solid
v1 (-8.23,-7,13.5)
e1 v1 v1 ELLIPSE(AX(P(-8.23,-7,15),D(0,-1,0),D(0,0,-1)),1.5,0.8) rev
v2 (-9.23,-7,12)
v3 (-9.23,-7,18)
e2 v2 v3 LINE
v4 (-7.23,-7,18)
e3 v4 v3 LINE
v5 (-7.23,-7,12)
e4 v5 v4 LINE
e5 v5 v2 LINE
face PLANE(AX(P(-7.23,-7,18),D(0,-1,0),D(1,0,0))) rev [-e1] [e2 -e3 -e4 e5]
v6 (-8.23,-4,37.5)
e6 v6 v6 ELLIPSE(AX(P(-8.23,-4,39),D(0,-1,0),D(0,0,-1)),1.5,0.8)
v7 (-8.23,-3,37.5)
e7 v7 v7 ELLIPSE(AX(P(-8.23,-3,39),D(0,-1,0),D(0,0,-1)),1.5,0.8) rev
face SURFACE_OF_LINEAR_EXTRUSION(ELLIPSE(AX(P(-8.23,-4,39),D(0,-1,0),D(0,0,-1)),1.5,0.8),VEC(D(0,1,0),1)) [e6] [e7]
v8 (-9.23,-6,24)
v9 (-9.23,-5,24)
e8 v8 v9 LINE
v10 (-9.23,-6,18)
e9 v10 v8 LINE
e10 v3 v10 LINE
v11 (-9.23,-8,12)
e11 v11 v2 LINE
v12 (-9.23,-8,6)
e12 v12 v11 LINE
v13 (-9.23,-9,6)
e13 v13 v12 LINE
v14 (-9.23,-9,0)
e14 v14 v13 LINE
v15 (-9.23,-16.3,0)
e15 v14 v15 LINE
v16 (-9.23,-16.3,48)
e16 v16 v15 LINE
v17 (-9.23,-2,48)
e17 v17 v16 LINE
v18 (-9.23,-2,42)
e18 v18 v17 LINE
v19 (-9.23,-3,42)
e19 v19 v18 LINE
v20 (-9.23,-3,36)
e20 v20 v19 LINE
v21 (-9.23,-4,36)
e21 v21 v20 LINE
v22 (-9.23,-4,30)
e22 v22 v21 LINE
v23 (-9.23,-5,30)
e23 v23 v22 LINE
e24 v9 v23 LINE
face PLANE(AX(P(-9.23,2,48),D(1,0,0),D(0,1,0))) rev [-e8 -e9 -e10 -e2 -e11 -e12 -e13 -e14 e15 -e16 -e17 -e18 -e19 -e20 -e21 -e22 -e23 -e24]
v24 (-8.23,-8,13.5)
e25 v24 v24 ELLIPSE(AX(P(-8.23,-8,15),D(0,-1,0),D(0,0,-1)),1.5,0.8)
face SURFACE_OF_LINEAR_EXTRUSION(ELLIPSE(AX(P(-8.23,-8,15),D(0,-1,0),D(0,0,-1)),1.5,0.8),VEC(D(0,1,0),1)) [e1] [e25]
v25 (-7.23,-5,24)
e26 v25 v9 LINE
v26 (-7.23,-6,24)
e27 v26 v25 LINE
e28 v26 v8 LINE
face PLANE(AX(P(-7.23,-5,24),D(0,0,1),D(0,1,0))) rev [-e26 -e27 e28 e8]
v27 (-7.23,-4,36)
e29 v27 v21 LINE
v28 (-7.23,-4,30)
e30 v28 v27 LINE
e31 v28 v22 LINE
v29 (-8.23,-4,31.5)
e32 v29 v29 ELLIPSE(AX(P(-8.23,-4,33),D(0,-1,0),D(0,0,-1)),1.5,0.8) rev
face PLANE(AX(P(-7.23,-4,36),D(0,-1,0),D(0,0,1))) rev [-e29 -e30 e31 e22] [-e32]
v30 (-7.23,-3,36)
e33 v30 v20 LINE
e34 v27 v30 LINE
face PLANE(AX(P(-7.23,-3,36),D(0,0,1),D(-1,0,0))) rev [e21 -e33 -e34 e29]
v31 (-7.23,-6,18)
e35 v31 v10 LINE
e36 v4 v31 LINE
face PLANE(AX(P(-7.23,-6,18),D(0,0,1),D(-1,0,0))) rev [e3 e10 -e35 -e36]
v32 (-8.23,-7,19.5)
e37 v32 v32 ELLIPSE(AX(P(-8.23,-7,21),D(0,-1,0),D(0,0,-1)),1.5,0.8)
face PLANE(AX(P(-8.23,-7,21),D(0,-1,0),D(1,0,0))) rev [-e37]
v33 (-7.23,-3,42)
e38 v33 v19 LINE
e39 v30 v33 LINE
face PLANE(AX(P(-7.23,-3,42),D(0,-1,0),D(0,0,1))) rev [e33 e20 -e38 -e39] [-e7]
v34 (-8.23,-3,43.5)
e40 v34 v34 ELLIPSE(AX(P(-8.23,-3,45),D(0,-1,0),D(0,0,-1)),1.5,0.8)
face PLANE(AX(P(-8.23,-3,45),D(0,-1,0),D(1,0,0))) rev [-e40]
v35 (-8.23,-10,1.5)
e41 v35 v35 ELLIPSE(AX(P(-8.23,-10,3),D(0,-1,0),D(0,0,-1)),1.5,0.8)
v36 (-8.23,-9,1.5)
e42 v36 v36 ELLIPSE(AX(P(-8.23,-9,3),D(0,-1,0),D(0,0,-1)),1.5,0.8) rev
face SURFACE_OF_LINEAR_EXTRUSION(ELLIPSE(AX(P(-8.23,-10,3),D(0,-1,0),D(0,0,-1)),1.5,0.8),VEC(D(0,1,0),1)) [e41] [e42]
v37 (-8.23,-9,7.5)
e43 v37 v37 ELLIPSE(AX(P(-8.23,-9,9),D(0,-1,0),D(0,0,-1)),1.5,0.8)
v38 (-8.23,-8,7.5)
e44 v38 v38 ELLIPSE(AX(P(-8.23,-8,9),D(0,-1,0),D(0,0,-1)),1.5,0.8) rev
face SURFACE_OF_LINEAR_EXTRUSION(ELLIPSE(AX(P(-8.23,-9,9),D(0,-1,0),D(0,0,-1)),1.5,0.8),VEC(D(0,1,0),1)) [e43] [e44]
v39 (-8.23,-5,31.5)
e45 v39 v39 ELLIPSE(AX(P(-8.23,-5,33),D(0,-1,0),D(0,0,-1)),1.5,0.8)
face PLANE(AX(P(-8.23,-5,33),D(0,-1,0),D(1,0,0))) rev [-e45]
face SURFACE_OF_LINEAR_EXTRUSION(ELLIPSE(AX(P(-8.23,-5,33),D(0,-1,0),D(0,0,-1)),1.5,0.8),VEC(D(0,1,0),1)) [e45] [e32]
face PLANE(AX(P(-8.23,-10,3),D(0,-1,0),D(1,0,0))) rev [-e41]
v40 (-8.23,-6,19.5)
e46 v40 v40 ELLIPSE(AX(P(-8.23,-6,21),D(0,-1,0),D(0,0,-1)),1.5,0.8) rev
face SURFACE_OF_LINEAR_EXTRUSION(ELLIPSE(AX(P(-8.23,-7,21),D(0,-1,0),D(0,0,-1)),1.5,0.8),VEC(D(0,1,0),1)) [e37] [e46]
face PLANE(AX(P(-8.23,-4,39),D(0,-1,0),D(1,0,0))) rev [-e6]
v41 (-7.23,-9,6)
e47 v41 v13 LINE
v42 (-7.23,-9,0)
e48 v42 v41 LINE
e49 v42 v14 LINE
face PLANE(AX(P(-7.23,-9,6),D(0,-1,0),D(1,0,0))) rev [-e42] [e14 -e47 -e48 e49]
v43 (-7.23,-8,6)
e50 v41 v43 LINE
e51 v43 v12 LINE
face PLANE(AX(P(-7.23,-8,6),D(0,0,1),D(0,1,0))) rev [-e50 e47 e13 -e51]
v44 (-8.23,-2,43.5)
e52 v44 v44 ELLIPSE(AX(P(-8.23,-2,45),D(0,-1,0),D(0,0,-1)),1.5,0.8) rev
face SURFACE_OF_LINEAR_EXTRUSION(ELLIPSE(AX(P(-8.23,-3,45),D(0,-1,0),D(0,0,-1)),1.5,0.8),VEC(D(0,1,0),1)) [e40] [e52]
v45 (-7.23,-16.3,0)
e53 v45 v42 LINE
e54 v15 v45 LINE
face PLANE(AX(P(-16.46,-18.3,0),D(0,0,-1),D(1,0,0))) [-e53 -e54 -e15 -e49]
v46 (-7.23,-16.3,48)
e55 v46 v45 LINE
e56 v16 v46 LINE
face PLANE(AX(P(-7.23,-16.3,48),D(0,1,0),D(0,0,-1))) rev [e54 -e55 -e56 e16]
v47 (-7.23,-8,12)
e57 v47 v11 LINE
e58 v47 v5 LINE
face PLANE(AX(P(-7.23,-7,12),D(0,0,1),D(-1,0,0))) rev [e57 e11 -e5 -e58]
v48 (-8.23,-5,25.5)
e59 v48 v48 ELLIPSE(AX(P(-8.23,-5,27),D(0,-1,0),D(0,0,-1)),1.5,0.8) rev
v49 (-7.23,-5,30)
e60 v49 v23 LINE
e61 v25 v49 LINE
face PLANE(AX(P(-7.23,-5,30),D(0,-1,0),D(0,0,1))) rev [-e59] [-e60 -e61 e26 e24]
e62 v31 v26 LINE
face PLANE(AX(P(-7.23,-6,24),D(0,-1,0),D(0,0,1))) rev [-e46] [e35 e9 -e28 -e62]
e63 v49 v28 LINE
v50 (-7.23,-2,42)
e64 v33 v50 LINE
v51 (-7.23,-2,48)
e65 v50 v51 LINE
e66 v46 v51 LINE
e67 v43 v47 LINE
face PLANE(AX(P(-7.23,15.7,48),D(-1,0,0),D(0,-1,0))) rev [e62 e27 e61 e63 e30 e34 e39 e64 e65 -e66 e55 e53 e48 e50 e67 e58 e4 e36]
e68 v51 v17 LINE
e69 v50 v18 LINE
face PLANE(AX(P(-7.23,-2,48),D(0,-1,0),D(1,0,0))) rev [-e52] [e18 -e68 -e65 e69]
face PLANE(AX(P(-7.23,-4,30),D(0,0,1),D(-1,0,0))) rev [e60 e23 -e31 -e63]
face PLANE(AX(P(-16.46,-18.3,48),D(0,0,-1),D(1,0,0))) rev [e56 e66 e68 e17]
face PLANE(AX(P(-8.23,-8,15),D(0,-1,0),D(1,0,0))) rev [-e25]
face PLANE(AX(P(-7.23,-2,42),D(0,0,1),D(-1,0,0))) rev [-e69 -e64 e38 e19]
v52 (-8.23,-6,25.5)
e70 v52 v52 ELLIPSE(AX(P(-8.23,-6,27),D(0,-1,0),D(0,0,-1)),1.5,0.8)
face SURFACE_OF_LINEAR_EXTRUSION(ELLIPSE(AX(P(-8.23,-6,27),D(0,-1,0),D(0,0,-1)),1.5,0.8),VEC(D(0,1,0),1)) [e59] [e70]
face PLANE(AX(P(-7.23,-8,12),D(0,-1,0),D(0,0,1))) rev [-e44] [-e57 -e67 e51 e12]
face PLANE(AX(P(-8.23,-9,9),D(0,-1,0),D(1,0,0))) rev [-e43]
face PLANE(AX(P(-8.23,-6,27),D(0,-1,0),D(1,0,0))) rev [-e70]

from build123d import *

# Parameters (mm, degrees)
BOSS_EXTRUDE1_DEPTH      = 48
CUT_EXTRUDE4_DEPTH       = 2
CUT_EXTRUDE6_DEPTH       = 9
CUT_EXTRUDE6_DEPTH_BACK  = 1
SKETCH8_RX               = 1.5
SKETCH8_RY               = 0.8
CUT_EXTRUDE7_DEPTH       = 11
CUT_EXTRUDE7_DEPTH_BACK  = 1
SKETCH13_RX              = 1.5
SKETCH13_RY              = 0.8
CUT_EXTRUDE8_DEPTH       = 13
CUT_EXTRUDE8_DEPTH_BACK  = 1
SKETCH14_RX              = 1.5
SKETCH14_RY              = 0.8
CUT_EXTRUDE9_DEPTH       = 15
CUT_EXTRUDE9_DEPTH_BACK  = 1
SKETCH15_RX              = 1.5
SKETCH15_RY              = 0.8
CUT_EXTRUDE10_DEPTH      = 17
CUT_EXTRUDE10_DEPTH_BACK = 1
SKETCH16_RX              = 1.5
SKETCH16_RY              = 0.8
CUT_EXTRUDE11_DEPTH      = 19
CUT_EXTRUDE11_DEPTH_BACK = 1
SKETCH17_RX              = 1.5
SKETCH17_RY              = 0.8
CUT_EXTRUDE12_DEPTH      = 21
CUT_EXTRUDE12_DEPTH_BACK = 1
SKETCH18_RX              = 1.5
SKETCH18_RY              = 0.8
CUT_EXTRUDE13_DEPTH      = 23
CUT_EXTRUDE13_DEPTH_BACK = 1
SKETCH19_RX              = 1.5
SKETCH19_RY              = 0.8
SKETCH21_W               = 58.141640115
SKETCH21_H               = 26.059597095
CUT_EXTRUDE14_DEPTH      = 22
BODY_MOVE_COPY1_ANGLE    = 180


with BuildPart() as part:
    # Sketch2 → Boss-Extrude1 (new body)
    with BuildSketch(Plane.XY):
        Polygon((-7.23, -20.3), (-7.23, -34), (-9.23, -34), (-9.23, -2), (-7.23, -2), align=None)
    extrude(amount=BOSS_EXTRUDE1_DEPTH)

    # Sketch7 → Cut-Extrude4 (cut)
    with BuildSketch(Plane(origin=(-7.23, 0, 0), x_dir=(0, 0, -1), z_dir=(1, 0, 0))):
        Polygon((-48, -16.3), (-48, -24.3), (-42, -24.3), (-42, -25.3), (-36, -25.3), (-36, -26.3), (-30, -26.3), (-30, -27.3), (-24, -27.3), (-24, -28.3), (-18, -28.3), (-18, -29.3), (-12, -29.3), (-12, -30.3), (-6, -30.3), (-6, -31.3), (0, -31.3), (0, -9.3), (-6, -9.3), (-6, -10.3), (-12, -10.3), (-12, -11.3), (-18, -11.3), (-18, -12.3), (-24, -12.3), (-24, -13.3), (-30, -13.3), (-30, -14.3), (-36, -14.3), (-36, -15.3), (-42, -15.3), (-42, -16.3), align=None)
    extrude(amount=-CUT_EXTRUDE4_DEPTH, mode=Mode.SUBTRACT)


with BuildPart() as cut_extrude4_piece_1:
    # of the separate pieces the step leaves, piece 1, a body of its own (cut_extrude4_pieces)
    add(part.part.solids().sort_by_distance((-7.23, -9.3, 0))[0])


with BuildPart() as cut_extrude4_piece_2:
    # of the separate pieces the step leaves, piece 2, a body of its own (cut_extrude4_pieces)
    add(part.part.solids().sort_by_distance((-7.23, -34, 0))[0])


with BuildPart() as cut_extrude6_tool:
    # Sketch8 → Cut-Extrude6 (new, two sides: drawn at the far end of the back side and taken through both)
    with BuildSketch(Plane(origin=(0, -24.3, 0), x_dir=(1, 0, 0), z_dir=(0, 1, 0)).offset(-CUT_EXTRUDE6_DEPTH_BACK)):
        with Locations(Location((-8.23, -45), (0, 0, 90))):
            Ellipse(SKETCH8_RX, SKETCH8_RY)
    extrude(amount=CUT_EXTRUDE6_DEPTH + CUT_EXTRUDE6_DEPTH_BACK)


with BuildPart() as cut_extrude4_piece_1_1:
    add(cut_extrude4_piece_1.part)

    # Cut-Extrude6: cut by cut_extrude6_tool
    add(cut_extrude6_tool.part, mode=Mode.SUBTRACT)


with BuildPart() as cut_extrude4_piece_2_1:
    add(cut_extrude4_piece_2.part)

    # Cut-Extrude6: cut by cut_extrude6_tool
    add(cut_extrude6_tool.part, mode=Mode.SUBTRACT)


with BuildPart() as cut_extrude7_tool:
    # Sketch13 → Cut-Extrude7 (new, two sides: drawn at the far end of the back side and taken through both)
    with BuildSketch(Plane(origin=(0, -25.3, 0), x_dir=(1, 0, 0), z_dir=(0, 1, 0)).offset(-CUT_EXTRUDE7_DEPTH_BACK)):
        with Locations(Location((-8.23, -39), (0, 0, 90))):
            Ellipse(SKETCH13_RX, SKETCH13_RY)
    extrude(amount=CUT_EXTRUDE7_DEPTH + CUT_EXTRUDE7_DEPTH_BACK)


with BuildPart() as cut_extrude4_piece_1_2:
    add(cut_extrude4_piece_1_1.part)

    # Cut-Extrude7: cut by cut_extrude7_tool
    add(cut_extrude7_tool.part, mode=Mode.SUBTRACT)


with BuildPart() as cut_extrude4_piece_2_2:
    add(cut_extrude4_piece_2_1.part)

    # Cut-Extrude7: cut by cut_extrude7_tool
    add(cut_extrude7_tool.part, mode=Mode.SUBTRACT)


with BuildPart() as cut_extrude8_tool:
    # Sketch14 → Cut-Extrude8 (new, two sides: drawn at the far end of the back side and taken through both)
    with BuildSketch(Plane(origin=(0, -26.3, 0), x_dir=(1, 0, 0), z_dir=(0, 1, 0)).offset(-CUT_EXTRUDE8_DEPTH_BACK)):
        with Locations(Location((-8.23, -33), (0, 0, 90))):
            Ellipse(SKETCH14_RX, SKETCH14_RY)
    extrude(amount=CUT_EXTRUDE8_DEPTH + CUT_EXTRUDE8_DEPTH_BACK)


with BuildPart() as cut_extrude4_piece_1_3:
    add(cut_extrude4_piece_1_2.part)

    # Cut-Extrude8: cut by cut_extrude8_tool
    add(cut_extrude8_tool.part, mode=Mode.SUBTRACT)


with BuildPart() as cut_extrude4_piece_2_3:
    add(cut_extrude4_piece_2_2.part)

    # Cut-Extrude8: cut by cut_extrude8_tool
    add(cut_extrude8_tool.part, mode=Mode.SUBTRACT)


with BuildPart() as cut_extrude9_tool:
    # Sketch15 → Cut-Extrude9 (new, two sides: drawn at the far end of the back side and taken through both)
    with BuildSketch(Plane(origin=(0, -27.3, 0), x_dir=(1, 0, 0), z_dir=(0, 1, 0)).offset(-CUT_EXTRUDE9_DEPTH_BACK)):
        with Locations(Location((-8.23, -27), (0, 0, 90))):
            Ellipse(SKETCH15_RX, SKETCH15_RY)
    extrude(amount=CUT_EXTRUDE9_DEPTH + CUT_EXTRUDE9_DEPTH_BACK)


with BuildPart() as cut_extrude4_piece_1_4:
    add(cut_extrude4_piece_1_3.part)

    # Cut-Extrude9: cut by cut_extrude9_tool
    add(cut_extrude9_tool.part, mode=Mode.SUBTRACT)


with BuildPart() as cut_extrude4_piece_2_4:
    add(cut_extrude4_piece_2_3.part)

    # Cut-Extrude9: cut by cut_extrude9_tool
    add(cut_extrude9_tool.part, mode=Mode.SUBTRACT)


with BuildPart() as cut_extrude10_tool:
    # Sketch16 → Cut-Extrude10 (new, two sides: drawn at the far end of the back side and taken through both)
    with BuildSketch(Plane(origin=(0, -28.3, 0), x_dir=(1, 0, 0), z_dir=(0, 1, 0)).offset(-CUT_EXTRUDE10_DEPTH_BACK)):
        with Locations(Location((-8.23, -21), (0, 0, 90))):
            Ellipse(SKETCH16_RX, SKETCH16_RY)
    extrude(amount=CUT_EXTRUDE10_DEPTH + CUT_EXTRUDE10_DEPTH_BACK)


with BuildPart() as cut_extrude4_piece_1_5:
    add(cut_extrude4_piece_1_4.part)

    # Cut-Extrude10: cut by cut_extrude10_tool
    add(cut_extrude10_tool.part, mode=Mode.SUBTRACT)


with BuildPart() as cut_extrude4_piece_2_5:
    add(cut_extrude4_piece_2_4.part)

    # Cut-Extrude10: cut by cut_extrude10_tool
    add(cut_extrude10_tool.part, mode=Mode.SUBTRACT)


with BuildPart() as cut_extrude11_tool:
    # Sketch17 → Cut-Extrude11 (new, two sides: drawn at the far end of the back side and taken through both)
    with BuildSketch(Plane(origin=(0, -29.3, 0), x_dir=(1, 0, 0), z_dir=(0, 1, 0)).offset(-CUT_EXTRUDE11_DEPTH_BACK)):
        with Locations(Location((-8.23, -15), (0, 0, 90))):
            Ellipse(SKETCH17_RX, SKETCH17_RY)
    extrude(amount=CUT_EXTRUDE11_DEPTH + CUT_EXTRUDE11_DEPTH_BACK)


with BuildPart() as cut_extrude4_piece_1_6:
    add(cut_extrude4_piece_1_5.part)

    # Cut-Extrude11: cut by cut_extrude11_tool
    add(cut_extrude11_tool.part, mode=Mode.SUBTRACT)


with BuildPart() as cut_extrude4_piece_2_6:
    add(cut_extrude4_piece_2_5.part)

    # Cut-Extrude11: cut by cut_extrude11_tool
    add(cut_extrude11_tool.part, mode=Mode.SUBTRACT)


with BuildPart() as cut_extrude12_tool:
    # Sketch18 → Cut-Extrude12 (new, two sides: drawn at the far end of the back side and taken through both)
    with BuildSketch(Plane(origin=(0, -30.3, 0), x_dir=(1, 0, 0), z_dir=(0, 1, 0)).offset(-CUT_EXTRUDE12_DEPTH_BACK)):
        with Locations(Location((-8.23, -9), (0, 0, 90))):
            Ellipse(SKETCH18_RX, SKETCH18_RY)
    extrude(amount=CUT_EXTRUDE12_DEPTH + CUT_EXTRUDE12_DEPTH_BACK)


with BuildPart() as cut_extrude4_piece_1_7:
    add(cut_extrude4_piece_1_6.part)

    # Cut-Extrude12: cut by cut_extrude12_tool
    add(cut_extrude12_tool.part, mode=Mode.SUBTRACT)


with BuildPart() as cut_extrude4_piece_2_7:
    add(cut_extrude4_piece_2_6.part)

    # Cut-Extrude12: cut by cut_extrude12_tool
    add(cut_extrude12_tool.part, mode=Mode.SUBTRACT)


with BuildPart() as cut_extrude13_tool:
    # Sketch19 → Cut-Extrude13 (new, two sides: drawn at the far end of the back side and taken through both)
    with BuildSketch(Plane(origin=(0, -31.3, 0), x_dir=(1, 0, 0), z_dir=(0, 1, 0)).offset(-CUT_EXTRUDE13_DEPTH_BACK)):
        with Locations(Location((-8.23, -3), (0, 0, 90))):
            Ellipse(SKETCH19_RX, SKETCH19_RY)
    extrude(amount=CUT_EXTRUDE13_DEPTH + CUT_EXTRUDE13_DEPTH_BACK)


with BuildPart() as cut_extrude4_piece_1_8:
    add(cut_extrude4_piece_1_7.part)

    # Cut-Extrude13: cut by cut_extrude13_tool
    add(cut_extrude13_tool.part, mode=Mode.SUBTRACT)


with BuildPart() as cut_extrude4_piece_2_8:
    add(cut_extrude4_piece_2_7.part)

    # Cut-Extrude13: cut by cut_extrude13_tool
    add(cut_extrude13_tool.part, mode=Mode.SUBTRACT)

    # Sketch21 → Cut-Extrude14 (cut)
    with BuildSketch(Plane(origin=(0, 0, 0), x_dir=(0, 0, -1), z_dir=(1, 0, 0))):
        with Locations((-20.055207527, -35.194061722)):
            Rectangle(SKETCH21_W, SKETCH21_H)
    extrude(amount=-CUT_EXTRUDE14_DEPTH, mode=Mode.SUBTRACT)


with BuildPart() as cut_extrude4_piece_1_9:
    # Body-Move/Copy1: moved
    add(cut_extrude4_piece_1_8.part.rotate(Axis((-8.23, -9.15, 0), (0, 0, 1)), BODY_MOVE_COPY1_ANGLE))


solid = cut_extrude4_piece_1_9.part
